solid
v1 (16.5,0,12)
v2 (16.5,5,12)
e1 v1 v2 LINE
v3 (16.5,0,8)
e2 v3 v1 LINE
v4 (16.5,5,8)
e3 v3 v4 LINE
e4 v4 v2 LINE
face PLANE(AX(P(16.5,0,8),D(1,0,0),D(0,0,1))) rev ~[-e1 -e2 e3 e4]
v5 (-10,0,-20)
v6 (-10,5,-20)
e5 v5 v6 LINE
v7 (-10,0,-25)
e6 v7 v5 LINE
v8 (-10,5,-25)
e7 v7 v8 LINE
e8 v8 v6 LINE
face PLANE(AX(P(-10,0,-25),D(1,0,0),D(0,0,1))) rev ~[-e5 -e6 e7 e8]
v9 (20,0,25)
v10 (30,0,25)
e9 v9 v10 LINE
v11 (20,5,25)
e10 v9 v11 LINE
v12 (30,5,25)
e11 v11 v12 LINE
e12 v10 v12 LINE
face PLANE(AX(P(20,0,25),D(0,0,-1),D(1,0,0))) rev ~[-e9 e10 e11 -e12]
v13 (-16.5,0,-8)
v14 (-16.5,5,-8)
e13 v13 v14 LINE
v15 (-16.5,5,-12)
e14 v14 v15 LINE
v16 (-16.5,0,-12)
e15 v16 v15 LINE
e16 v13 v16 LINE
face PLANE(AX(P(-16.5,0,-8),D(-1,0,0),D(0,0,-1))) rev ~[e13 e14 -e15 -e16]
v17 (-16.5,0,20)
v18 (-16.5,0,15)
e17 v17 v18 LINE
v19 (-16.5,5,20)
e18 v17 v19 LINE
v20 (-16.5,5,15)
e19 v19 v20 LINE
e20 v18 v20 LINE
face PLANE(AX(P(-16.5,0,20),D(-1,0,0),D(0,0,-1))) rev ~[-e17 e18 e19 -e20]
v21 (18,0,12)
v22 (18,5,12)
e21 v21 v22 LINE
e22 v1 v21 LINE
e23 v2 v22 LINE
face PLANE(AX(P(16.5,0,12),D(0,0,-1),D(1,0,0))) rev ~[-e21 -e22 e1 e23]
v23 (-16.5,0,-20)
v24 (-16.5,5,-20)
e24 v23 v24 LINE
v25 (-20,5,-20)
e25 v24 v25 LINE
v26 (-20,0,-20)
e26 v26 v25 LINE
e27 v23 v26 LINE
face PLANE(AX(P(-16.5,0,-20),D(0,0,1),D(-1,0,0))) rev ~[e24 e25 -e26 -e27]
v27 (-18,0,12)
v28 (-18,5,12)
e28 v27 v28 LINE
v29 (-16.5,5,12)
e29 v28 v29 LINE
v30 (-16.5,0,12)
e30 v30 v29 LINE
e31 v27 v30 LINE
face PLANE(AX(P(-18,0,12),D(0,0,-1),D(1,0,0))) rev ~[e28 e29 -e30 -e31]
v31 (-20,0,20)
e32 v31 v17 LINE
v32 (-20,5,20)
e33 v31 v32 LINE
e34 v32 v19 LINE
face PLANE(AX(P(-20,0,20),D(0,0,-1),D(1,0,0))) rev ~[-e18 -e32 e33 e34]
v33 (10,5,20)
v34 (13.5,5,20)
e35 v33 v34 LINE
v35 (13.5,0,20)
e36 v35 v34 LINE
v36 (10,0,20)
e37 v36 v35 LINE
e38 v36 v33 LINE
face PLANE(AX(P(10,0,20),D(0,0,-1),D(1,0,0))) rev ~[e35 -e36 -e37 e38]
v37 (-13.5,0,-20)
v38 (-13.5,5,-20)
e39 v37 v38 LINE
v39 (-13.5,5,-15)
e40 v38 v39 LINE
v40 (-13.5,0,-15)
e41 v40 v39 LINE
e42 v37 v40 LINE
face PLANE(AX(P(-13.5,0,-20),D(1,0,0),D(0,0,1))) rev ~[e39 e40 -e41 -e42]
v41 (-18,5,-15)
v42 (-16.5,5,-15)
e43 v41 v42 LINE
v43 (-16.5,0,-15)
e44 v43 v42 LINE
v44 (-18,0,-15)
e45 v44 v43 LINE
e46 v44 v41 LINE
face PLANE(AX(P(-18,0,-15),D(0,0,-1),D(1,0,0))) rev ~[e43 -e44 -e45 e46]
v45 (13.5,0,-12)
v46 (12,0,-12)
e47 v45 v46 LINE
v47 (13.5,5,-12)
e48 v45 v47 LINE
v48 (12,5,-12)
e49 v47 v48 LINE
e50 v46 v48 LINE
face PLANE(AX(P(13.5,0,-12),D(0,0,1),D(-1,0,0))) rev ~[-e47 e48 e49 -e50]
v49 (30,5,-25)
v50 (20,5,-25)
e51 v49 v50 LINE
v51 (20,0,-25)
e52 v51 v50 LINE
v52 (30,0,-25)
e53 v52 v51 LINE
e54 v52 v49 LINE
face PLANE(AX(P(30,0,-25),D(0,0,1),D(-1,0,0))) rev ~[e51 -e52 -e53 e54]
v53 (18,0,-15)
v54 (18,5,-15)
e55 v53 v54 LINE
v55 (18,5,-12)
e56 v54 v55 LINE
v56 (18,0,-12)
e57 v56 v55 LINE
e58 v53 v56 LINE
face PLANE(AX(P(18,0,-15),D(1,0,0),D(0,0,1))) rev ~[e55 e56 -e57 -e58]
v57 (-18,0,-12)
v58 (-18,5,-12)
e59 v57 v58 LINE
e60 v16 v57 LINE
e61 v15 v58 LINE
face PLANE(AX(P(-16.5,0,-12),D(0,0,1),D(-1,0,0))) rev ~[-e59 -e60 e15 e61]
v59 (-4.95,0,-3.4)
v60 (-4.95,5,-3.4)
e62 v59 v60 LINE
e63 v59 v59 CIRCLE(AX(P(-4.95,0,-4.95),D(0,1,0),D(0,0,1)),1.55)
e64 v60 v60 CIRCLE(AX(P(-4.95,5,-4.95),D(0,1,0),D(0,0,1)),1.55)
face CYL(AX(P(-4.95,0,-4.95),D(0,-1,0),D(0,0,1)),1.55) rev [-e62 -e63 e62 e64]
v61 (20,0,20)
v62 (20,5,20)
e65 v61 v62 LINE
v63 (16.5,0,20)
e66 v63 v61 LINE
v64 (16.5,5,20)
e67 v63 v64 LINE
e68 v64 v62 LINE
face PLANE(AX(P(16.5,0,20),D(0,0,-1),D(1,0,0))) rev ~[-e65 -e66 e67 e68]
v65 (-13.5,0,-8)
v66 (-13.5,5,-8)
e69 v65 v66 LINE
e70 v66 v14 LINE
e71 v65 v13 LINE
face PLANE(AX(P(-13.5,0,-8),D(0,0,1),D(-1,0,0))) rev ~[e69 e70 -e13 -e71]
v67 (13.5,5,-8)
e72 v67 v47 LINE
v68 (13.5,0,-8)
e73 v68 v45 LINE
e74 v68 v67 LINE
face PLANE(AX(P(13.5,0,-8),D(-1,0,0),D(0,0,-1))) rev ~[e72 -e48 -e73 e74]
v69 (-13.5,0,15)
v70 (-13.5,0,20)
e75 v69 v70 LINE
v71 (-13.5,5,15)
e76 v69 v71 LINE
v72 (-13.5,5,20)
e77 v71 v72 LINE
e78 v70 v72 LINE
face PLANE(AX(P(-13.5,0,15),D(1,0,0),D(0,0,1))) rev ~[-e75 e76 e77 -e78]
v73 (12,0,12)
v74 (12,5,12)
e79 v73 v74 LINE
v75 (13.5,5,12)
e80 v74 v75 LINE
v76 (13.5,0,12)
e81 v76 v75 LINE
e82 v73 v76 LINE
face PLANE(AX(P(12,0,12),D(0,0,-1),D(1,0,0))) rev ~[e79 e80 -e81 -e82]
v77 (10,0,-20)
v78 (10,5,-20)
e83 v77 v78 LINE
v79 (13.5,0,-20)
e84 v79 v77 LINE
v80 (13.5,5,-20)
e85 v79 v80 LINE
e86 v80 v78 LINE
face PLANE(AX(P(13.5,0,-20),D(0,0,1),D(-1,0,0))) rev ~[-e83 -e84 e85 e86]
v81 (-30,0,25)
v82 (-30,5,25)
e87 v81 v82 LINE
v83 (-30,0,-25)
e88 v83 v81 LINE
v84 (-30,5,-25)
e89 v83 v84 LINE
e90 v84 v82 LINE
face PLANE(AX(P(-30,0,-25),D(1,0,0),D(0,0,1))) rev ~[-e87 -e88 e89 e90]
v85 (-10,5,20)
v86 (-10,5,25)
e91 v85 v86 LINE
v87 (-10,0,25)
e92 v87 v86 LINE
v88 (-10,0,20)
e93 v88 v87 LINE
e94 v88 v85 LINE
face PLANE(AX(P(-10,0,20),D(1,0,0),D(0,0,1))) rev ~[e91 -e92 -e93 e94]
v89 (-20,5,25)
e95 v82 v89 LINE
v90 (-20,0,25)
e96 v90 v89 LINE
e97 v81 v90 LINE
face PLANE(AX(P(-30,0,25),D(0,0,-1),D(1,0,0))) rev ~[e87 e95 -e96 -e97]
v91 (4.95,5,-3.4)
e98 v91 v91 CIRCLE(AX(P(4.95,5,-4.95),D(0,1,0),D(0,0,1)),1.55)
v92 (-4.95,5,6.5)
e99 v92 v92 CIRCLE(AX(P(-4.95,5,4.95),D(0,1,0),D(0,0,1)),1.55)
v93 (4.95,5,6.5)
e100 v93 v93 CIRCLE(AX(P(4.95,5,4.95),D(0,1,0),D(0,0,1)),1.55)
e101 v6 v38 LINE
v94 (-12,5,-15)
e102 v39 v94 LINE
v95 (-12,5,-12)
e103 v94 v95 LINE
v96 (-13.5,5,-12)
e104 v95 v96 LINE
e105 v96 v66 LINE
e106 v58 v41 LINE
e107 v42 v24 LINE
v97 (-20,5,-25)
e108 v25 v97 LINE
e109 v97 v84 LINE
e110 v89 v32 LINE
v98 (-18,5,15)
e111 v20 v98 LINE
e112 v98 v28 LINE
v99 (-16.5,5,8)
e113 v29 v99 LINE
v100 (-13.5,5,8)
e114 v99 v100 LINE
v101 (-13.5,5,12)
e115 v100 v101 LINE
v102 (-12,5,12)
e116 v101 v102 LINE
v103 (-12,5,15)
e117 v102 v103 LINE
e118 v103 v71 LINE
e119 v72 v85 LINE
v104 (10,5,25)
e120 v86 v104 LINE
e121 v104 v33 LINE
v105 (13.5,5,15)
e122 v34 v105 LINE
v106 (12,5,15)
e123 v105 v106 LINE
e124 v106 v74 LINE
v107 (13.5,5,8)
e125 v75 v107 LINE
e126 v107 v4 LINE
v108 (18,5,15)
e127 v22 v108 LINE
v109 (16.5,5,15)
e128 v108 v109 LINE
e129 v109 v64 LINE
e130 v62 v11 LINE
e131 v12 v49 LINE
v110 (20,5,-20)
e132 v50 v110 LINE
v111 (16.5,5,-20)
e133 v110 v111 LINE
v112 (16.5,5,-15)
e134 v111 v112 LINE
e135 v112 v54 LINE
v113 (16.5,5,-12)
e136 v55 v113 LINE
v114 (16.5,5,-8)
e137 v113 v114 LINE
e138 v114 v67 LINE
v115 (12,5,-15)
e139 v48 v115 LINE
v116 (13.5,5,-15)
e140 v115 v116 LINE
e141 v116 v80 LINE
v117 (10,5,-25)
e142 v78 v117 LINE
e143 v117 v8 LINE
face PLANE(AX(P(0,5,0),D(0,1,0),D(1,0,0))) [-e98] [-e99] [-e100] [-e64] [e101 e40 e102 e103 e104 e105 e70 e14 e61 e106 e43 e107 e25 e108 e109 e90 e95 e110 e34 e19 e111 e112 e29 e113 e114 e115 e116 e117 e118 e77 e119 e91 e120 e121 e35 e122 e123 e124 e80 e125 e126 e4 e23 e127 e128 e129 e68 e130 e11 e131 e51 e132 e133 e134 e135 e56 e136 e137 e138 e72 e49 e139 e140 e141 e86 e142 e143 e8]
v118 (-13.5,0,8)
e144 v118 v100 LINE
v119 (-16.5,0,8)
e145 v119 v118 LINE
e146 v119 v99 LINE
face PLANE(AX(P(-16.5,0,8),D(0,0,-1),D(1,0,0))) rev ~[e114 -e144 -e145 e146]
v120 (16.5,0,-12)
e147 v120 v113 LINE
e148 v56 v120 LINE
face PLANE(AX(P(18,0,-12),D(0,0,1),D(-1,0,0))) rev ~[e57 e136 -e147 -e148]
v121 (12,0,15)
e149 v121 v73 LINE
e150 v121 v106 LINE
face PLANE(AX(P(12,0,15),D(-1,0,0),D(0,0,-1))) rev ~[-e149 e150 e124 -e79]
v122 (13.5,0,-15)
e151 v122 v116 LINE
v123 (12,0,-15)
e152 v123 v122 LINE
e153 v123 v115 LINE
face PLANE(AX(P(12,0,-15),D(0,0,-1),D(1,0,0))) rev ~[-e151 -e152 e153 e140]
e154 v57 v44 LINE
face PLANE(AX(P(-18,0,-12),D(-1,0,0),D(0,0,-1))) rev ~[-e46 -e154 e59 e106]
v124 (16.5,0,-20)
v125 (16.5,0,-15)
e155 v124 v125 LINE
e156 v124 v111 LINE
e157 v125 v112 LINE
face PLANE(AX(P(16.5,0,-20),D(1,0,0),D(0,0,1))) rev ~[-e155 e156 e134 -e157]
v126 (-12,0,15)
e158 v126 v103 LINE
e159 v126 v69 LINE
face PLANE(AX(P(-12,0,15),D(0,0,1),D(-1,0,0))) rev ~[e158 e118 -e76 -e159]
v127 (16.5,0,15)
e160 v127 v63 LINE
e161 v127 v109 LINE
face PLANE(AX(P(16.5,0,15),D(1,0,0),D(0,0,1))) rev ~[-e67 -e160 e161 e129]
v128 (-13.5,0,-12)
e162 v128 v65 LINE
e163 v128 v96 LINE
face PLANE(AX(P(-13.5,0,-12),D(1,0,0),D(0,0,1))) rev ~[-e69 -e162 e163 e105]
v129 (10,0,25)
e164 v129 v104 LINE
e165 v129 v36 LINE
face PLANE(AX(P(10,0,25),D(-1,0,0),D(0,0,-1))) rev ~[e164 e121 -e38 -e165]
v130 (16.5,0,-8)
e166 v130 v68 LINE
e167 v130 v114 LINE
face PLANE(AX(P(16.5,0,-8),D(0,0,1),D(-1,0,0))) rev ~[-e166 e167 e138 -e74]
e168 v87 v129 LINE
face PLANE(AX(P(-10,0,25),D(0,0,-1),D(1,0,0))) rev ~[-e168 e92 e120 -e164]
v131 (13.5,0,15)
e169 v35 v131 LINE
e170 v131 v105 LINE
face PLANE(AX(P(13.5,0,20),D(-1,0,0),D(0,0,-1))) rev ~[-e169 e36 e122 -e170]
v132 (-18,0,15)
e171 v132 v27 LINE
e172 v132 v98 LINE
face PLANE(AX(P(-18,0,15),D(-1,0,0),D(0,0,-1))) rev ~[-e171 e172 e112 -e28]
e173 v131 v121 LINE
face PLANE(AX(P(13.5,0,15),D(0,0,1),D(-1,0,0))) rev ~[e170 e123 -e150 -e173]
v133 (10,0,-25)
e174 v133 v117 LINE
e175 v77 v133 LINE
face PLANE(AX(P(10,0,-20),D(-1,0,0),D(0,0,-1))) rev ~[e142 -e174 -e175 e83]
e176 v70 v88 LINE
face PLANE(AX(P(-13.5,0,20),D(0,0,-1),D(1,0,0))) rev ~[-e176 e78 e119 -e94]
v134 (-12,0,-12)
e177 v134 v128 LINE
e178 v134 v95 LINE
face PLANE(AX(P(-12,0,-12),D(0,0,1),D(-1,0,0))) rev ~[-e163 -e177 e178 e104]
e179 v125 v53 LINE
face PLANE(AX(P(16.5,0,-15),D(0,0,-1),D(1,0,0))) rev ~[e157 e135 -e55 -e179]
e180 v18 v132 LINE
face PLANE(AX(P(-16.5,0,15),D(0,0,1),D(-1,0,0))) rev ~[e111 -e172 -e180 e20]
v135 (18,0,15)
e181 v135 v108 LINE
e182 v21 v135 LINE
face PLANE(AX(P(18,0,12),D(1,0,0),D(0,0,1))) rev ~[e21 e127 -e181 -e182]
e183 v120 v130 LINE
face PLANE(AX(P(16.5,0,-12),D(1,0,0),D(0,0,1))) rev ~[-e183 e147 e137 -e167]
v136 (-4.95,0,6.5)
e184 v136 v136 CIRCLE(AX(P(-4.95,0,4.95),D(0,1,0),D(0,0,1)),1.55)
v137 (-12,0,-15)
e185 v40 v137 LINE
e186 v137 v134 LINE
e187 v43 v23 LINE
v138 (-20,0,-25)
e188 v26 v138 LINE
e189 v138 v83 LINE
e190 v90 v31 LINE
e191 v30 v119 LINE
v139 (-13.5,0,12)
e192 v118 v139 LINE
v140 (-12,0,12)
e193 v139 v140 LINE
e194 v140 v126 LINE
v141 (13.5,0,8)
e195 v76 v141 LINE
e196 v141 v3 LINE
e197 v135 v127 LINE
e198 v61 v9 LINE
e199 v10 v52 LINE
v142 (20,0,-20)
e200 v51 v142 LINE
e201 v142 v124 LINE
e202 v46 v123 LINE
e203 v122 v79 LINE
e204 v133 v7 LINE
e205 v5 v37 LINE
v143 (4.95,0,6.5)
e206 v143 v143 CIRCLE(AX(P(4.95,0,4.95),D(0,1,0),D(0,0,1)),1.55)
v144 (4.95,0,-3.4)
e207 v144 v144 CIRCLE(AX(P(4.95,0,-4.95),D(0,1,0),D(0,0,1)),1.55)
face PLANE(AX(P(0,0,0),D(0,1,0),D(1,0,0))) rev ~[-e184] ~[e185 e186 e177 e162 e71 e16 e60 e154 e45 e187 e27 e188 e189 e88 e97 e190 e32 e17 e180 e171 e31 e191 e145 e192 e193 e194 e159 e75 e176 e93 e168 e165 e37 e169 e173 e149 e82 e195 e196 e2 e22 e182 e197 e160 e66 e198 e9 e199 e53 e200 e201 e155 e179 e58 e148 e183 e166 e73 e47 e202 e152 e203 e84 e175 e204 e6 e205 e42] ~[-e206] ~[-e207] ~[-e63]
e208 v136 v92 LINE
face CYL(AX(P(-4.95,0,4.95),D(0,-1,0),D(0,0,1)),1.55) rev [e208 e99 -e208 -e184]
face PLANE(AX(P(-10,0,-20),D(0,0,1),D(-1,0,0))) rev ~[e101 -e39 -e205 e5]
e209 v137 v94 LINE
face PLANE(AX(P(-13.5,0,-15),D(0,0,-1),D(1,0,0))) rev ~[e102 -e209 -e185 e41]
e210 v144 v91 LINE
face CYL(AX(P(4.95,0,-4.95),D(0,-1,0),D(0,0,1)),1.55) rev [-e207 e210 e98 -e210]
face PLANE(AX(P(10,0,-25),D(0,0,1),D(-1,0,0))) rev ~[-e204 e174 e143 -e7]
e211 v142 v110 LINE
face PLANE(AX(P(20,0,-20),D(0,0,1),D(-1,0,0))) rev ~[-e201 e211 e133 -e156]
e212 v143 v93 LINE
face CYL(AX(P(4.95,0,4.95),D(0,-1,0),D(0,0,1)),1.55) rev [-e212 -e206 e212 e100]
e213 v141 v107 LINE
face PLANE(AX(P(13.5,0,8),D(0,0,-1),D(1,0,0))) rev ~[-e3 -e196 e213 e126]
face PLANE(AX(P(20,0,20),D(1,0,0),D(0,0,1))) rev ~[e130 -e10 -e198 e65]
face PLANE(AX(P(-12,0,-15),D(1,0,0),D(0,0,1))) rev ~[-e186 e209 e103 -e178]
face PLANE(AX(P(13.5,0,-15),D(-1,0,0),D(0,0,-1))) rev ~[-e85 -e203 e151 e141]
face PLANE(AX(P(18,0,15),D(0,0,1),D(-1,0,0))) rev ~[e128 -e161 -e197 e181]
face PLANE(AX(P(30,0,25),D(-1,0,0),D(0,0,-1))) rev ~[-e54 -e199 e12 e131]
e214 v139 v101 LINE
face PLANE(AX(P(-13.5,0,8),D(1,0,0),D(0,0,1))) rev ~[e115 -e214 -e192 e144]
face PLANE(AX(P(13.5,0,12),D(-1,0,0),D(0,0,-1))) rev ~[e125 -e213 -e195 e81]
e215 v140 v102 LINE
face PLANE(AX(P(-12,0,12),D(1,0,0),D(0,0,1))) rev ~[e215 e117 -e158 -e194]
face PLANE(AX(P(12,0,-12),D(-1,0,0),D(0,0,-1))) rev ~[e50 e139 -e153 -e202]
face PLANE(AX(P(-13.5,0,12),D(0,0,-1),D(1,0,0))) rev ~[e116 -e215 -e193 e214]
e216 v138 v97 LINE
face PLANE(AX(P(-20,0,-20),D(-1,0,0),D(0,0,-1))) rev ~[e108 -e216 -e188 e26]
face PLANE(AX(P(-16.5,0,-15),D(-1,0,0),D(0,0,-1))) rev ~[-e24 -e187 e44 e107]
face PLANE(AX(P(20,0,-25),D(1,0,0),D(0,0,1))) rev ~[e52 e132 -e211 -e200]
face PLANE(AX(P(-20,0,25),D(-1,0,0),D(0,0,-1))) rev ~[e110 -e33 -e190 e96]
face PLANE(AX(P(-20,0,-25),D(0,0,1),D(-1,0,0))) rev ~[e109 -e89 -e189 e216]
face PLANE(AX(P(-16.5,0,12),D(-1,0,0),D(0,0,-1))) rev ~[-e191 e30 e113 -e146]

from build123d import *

# Parameters (mm, degrees)
SKETCH1_R           = 1.55
BOSS_EXTRUDE1_DEPTH = 5


with BuildPart() as part:
    # Sketch1 → Boss-Extrude1 (new body)
    with BuildSketch(Plane(origin=(0, 0, 0), x_dir=(1, 0, 0), z_dir=(0, 1, 0))):
        Polygon((-30, 25), (-30, -25), (-20, -25), (-20, -20), (-16.5, -20), (-16.5, -15), (-18, -15), (-18, -12), (-16.5, -12), (-16.5, -8), (-13.5, -8), (-13.5, -12), (-12, -12), (-12, -15), (-13.5, -15), (-13.5, -20), (-10, -20), (-10, -25), (10, -25), (10, -20), (13.5, -20), (13.5, -15), (12, -15), (12, -12), (13.5, -12), (13.5, -8), (16.5, -8), (16.5, -12), (18, -12), (18, -15), (16.5, -15), (16.5, -20), (20, -20), (20, -25), (30, -25), (30, 25), (20, 25), (20, 20), (16.5, 20), (16.5, 15), (18, 15), (18, 12), (16.5, 12), (16.5, 8), (13.5, 8), (13.5, 12), (12, 12), (12, 15), (13.5, 15), (13.5, 20), (10, 20), (10, 25), (-10, 25), (-10, 20), (-13.5, 20), (-13.5, 15), (-12, 15), (-12, 12), (-13.5, 12), (-13.5, 8), (-16.5, 8), (-16.5, 12), (-18, 12), (-18, 15), (-16.5, 15), (-16.5, 20), (-20, 20), (-20, 25), align=None)
        with Locations(Location((4.95, 4.95, 0), (0, 0, 270))):
            Circle(SKETCH1_R, mode=Mode.SUBTRACT)
        with Locations(Location((-4.95, -4.95, 0), (0, 0, 270))):
            Circle(SKETCH1_R, mode=Mode.SUBTRACT)
        with Locations(Location((4.95, -4.95, 0), (0, 0, 270))):
            Circle(SKETCH1_R, mode=Mode.SUBTRACT)
        with Locations(Location((-4.95, 4.95, 0), (0, 0, 270))):
            Circle(SKETCH1_R, mode=Mode.SUBTRACT)
    extrude(amount=BOSS_EXTRUDE1_DEPTH)


solid = part.part
